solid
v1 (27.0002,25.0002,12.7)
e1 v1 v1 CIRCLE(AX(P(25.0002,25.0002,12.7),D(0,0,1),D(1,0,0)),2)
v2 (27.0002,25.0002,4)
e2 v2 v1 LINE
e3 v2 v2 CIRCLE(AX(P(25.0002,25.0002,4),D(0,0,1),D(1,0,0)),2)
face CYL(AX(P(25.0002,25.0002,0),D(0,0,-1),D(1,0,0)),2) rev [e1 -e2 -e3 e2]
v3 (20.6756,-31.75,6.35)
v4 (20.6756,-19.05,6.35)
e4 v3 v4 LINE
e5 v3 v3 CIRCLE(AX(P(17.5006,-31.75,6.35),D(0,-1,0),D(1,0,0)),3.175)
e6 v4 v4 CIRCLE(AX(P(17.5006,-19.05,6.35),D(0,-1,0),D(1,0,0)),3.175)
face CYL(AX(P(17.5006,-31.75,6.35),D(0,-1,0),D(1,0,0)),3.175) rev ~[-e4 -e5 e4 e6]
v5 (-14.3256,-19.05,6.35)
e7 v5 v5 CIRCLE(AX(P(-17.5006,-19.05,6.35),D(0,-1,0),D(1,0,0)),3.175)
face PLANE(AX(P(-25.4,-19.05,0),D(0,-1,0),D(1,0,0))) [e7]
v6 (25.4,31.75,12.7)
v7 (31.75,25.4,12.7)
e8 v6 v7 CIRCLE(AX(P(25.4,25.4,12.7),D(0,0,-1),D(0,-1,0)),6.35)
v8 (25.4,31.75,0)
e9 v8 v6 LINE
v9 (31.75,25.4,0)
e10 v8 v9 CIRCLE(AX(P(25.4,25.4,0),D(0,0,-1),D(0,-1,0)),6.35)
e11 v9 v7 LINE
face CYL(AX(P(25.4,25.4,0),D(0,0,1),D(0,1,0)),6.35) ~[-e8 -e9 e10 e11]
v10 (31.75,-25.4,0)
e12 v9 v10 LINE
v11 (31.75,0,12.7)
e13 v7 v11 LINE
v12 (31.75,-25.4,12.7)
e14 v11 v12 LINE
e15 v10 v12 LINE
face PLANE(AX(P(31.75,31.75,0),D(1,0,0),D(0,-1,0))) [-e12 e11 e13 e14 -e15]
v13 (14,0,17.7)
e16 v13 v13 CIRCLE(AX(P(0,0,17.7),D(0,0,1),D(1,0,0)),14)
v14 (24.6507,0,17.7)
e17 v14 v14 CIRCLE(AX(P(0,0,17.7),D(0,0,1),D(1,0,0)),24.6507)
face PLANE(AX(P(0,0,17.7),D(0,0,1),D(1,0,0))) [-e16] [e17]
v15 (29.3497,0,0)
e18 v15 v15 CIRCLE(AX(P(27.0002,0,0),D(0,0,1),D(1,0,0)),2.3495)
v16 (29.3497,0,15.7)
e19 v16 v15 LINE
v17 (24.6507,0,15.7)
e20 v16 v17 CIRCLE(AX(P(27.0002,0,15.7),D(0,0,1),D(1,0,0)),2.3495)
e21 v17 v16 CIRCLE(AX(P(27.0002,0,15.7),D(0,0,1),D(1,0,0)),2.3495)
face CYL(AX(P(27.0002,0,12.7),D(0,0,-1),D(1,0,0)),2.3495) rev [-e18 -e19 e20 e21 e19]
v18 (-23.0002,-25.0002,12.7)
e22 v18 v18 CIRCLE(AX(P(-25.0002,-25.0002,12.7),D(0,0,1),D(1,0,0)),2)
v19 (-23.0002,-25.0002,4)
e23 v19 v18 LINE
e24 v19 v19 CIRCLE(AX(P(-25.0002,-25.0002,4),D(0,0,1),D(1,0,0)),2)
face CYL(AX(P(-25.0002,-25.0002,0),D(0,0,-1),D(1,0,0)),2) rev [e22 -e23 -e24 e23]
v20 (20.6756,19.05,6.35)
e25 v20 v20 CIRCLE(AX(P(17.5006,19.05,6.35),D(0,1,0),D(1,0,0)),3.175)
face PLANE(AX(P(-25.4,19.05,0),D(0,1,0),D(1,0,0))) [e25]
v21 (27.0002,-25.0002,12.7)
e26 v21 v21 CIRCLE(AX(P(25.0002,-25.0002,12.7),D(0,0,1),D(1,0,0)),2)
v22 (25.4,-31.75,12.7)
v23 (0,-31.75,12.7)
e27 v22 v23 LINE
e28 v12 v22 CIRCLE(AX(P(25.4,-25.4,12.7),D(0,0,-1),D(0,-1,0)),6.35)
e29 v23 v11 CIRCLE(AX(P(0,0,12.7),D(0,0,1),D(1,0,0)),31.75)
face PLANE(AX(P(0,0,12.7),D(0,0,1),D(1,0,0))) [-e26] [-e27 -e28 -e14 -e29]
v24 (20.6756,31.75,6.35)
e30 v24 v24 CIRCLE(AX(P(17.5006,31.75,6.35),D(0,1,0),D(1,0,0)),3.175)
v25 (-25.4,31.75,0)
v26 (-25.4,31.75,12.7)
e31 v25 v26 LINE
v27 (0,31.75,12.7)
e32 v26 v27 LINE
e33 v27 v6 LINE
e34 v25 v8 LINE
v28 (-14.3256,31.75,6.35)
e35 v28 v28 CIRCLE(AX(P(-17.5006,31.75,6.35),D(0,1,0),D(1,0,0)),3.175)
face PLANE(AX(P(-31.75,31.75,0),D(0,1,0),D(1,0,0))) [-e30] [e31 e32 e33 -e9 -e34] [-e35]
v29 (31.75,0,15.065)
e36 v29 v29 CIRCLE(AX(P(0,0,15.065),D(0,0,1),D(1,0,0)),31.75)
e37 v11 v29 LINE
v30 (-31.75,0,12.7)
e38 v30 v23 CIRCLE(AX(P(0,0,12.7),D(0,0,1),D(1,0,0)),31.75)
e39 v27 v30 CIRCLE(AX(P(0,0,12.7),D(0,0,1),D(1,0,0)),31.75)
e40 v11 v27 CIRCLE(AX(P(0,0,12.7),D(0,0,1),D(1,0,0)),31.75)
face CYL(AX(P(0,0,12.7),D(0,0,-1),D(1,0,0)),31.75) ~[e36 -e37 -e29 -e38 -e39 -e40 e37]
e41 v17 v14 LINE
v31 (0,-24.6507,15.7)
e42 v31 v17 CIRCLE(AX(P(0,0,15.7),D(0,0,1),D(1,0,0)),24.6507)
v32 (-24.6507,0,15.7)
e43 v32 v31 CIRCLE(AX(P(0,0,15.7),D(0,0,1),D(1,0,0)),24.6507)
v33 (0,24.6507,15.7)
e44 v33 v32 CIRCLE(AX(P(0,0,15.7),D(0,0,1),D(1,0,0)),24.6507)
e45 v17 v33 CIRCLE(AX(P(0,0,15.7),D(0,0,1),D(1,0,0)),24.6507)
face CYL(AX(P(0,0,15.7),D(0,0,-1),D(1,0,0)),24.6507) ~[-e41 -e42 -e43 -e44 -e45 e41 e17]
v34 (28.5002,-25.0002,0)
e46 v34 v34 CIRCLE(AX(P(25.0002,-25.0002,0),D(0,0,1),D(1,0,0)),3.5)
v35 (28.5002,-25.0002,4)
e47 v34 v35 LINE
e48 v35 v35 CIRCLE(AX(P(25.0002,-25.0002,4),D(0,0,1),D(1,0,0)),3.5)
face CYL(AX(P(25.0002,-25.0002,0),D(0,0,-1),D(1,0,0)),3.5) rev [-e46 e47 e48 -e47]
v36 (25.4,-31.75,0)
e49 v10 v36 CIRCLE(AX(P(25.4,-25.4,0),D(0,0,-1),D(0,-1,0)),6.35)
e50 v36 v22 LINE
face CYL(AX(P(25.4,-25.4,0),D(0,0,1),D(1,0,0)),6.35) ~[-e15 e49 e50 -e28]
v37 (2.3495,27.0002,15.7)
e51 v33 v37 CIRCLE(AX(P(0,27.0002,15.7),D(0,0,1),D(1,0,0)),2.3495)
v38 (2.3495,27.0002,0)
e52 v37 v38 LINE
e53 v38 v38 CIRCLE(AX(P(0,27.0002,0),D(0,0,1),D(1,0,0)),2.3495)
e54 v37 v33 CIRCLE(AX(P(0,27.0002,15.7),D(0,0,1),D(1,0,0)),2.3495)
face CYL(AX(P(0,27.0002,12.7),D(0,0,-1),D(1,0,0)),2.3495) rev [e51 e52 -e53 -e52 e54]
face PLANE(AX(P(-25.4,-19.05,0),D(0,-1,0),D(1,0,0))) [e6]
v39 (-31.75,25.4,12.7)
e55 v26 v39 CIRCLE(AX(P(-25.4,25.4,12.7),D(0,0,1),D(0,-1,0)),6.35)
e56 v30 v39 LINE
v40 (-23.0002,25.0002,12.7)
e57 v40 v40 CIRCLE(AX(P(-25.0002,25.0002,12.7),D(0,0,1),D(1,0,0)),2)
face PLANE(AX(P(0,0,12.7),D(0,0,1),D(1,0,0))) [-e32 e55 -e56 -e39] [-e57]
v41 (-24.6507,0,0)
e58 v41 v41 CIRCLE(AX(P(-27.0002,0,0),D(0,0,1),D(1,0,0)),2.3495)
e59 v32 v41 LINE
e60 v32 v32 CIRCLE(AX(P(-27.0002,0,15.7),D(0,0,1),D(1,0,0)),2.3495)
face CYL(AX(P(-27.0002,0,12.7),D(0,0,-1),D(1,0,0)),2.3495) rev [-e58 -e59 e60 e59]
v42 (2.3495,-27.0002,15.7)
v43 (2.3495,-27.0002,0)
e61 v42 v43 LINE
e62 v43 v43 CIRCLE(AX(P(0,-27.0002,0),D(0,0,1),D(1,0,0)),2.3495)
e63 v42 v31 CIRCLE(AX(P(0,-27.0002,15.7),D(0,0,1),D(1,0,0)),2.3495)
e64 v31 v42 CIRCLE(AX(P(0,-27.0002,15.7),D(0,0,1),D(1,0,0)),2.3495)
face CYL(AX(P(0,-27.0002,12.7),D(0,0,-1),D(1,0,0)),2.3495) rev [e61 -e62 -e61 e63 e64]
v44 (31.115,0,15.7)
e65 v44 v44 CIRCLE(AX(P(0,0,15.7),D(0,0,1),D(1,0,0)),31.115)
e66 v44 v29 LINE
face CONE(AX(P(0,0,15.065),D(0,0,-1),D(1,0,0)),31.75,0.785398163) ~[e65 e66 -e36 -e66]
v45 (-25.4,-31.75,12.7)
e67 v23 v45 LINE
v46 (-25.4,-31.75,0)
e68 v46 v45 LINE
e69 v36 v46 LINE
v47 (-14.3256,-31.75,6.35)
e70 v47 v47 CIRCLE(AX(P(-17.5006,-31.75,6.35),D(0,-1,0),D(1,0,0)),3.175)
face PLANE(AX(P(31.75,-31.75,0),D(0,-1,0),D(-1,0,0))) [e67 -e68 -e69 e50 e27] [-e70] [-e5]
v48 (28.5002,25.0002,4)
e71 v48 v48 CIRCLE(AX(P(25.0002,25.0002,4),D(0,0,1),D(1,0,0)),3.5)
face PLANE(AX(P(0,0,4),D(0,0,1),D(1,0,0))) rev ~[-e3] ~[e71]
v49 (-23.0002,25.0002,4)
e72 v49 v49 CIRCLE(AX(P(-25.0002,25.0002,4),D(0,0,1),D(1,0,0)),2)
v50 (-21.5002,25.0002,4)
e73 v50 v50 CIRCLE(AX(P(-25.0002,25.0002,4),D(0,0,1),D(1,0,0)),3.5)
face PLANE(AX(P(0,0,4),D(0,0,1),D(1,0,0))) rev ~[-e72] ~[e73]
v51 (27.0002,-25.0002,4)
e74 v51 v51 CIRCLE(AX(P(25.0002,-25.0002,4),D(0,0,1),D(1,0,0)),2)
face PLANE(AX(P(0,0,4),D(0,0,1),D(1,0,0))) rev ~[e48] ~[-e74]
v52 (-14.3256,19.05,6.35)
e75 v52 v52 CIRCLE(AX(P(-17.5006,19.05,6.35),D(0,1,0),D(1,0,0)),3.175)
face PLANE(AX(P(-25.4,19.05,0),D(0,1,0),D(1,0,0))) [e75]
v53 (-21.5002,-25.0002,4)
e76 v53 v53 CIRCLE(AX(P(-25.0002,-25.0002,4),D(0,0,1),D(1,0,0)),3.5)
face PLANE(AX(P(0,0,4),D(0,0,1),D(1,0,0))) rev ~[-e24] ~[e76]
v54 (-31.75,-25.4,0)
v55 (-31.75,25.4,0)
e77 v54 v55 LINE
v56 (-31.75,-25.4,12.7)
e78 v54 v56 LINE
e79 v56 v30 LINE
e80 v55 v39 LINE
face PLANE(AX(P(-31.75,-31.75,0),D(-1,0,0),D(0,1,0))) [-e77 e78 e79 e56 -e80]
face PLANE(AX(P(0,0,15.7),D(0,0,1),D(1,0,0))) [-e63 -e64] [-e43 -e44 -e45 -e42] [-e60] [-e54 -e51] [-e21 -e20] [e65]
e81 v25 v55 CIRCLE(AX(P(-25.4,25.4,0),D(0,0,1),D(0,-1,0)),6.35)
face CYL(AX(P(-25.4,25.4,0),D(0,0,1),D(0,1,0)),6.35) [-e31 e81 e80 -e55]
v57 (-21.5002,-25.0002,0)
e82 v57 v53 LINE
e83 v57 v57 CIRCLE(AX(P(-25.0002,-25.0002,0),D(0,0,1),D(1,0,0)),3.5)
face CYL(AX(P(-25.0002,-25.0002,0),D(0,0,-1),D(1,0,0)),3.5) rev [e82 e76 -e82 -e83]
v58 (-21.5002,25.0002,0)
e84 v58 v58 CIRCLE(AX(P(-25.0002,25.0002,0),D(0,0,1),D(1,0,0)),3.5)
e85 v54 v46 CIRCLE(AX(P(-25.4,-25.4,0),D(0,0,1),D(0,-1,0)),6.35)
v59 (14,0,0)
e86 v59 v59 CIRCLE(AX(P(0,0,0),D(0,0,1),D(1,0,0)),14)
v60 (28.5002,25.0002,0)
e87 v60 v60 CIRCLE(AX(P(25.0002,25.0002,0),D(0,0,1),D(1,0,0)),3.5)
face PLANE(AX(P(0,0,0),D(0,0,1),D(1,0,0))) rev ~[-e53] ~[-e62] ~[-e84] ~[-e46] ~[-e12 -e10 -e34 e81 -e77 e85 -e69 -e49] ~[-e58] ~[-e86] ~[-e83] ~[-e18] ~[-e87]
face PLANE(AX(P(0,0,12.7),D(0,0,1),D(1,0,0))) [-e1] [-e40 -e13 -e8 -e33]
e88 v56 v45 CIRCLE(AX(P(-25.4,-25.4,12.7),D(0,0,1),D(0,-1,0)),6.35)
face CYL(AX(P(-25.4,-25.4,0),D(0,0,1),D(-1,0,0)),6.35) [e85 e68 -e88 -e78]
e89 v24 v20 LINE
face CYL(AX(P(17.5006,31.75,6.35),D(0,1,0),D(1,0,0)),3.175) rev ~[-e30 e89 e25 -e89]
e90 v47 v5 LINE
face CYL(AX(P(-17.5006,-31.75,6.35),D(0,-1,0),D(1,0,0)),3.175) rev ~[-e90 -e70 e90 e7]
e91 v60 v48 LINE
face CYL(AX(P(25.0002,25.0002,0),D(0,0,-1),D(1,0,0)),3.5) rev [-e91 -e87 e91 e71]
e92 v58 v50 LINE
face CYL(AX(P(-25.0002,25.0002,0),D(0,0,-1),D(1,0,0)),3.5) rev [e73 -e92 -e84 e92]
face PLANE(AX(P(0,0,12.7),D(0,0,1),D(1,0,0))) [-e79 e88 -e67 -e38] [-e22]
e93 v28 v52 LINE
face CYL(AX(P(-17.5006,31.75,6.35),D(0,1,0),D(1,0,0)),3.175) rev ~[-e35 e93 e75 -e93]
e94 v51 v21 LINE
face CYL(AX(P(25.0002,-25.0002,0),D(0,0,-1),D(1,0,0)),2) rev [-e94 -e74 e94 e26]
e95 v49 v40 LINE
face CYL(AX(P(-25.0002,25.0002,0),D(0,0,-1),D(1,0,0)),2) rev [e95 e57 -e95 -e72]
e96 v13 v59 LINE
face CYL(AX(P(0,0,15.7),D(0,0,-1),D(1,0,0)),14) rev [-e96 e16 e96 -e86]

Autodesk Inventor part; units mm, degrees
ref_plane "YZ Plane" through (0, 0, 0) normal (1, 0, 0) x (0, 1, 0)
ref_plane "XZ Plane" through (0, 0, 0) normal (0, 1, 0) x (-1, 0, 0)
ref_plane "XY Plane" through (0, 0, 0) normal (0, 0, 1) x (1, 0, 0)
sketch "Sketch1" plane through (0, 0, 0) normal (0, 0, 1) x (1, 0, 0)
  circle A0 centre (0, 0) radius 14
  line L0 (-31.75, 31.75) -> (31.75, 31.75)
  line L1 (31.75, 31.75) -> (31.75, -31.75)
  line L2 (31.75, -31.75) -> (-31.75, -31.75)
  line L3 (-31.75, -31.75) -> (-31.75, 31.75)
  circle A1 centre (0, 27.0002) radius 2.3495
  line L4 (-31.75, 0) -> (31.75, 0) construction
  line L5 (0, 31.75) -> (0, -31.75) construction
  circle A2 centre (-27.0002, 0) radius 2.3495
  circle A3 centre (27.0002, 0) radius 2.3495
  circle A4 centre (0, -27.0002) radius 2.3495
  circle A5 centre (-25.0002, 25.0002) radius 2
  line L6 (-27.0002, -27.0002) -> (27.0002, -27.0002) construction
  line L7 (27.0002, -27.0002) -> (27.0002, 27.0002) construction
  line L8 (27.0002, 27.0002) -> (-27.0002, 27.0002) construction
  line L9 (-27.0002, 27.0002) -> (-27.0002, -27.0002) construction
  circle A6 centre (-25.0002, 25.0002) radius 3.5
  circle A7 centre (25.0002, 25.0002) radius 2
  circle A8 centre (25.0002, 25.0002) radius 3.5
  circle A9 centre (-25.0002, -25.0002) radius 2
  circle A10 centre (-25.0002, -25.0002) radius 3.5
  circle A11 centre (25.0002, -25.0002) radius 2
  circle A12 centre (25.0002, -25.0002) radius 3.5
  dimension "d2" = 28
  dimension "d7" = 63.5
  dimension "d8" = 63.5
  dimension "d9" = 27.0002
  dimension "d10" = 4.699
  dimension "d11" = 27.0002
  dimension "d12" = 27.0002
  dimension "d13" = 27.0002
  dimension "d14" = 54.0004
  dimension "d17" = 4
  dimension "d18" = 7
extrude "Extrusion1" add sketch "Sketch1" along normal blind 12.7 contours L0 L1 L2 L3 | A6 | A8 | A10 | A12
extrude "Extrusion2" cut sketch "Sketch1" along normal blind 4 contours A6 | A8 | A10 | A12
fillet "Fillet1" radius 6.35 4 edges at (31.75, 31.75, 6.35) (-31.75, 31.75, 6.35) (31.75, -31.75, 6.35) (-31.75, -31.75, 6.35)
sketch "Sketch2" plane through (0, 0, 12.7) normal (0, 0, 1) x (1, 0, 0)
  circle A0 centre (0, 0) radius 14 projected
  circle A1 centre (0, -27.0002) radius 2.3495 projected
  circle A2 centre (27.0002, 0) radius 2.3495 projected
  circle A3 centre (-27.0002, 0) radius 2.3495 projected
  circle A4 centre (0, 27.0002) radius 2.3495 projected
  circle A5 centre (0, 0) radius 31.75
  dimension "d22" = 63.5
extrude "Extrusion3" add sketch "Sketch2" along normal blind 3
sketch "Sketch3" plane through (0, 0, 15.7) normal (0, 0, 1) x (1, 0, 0)
  circle A0 centre (0, 0) radius 14 projected
  circle A1 centre (27.0002, 0) radius 2.3495 projected
  circle A2 centre (0, 0) radius 31.75 projected
  circle A3 centre (0, 0) radius 24.6507
extrude "Extrusion4" add sketch "Sketch3" along normal blind 2 contours A3
thread "Thread1" size "10-32 UNF" class "2B" standard "ANSI Unified Screw Threads" full length
thread "Thread2" size "10-32 UNF" class "2B" standard "ANSI Unified Screw Threads" full length
thread "Thread3" size "10-32 UNF" class "2B" standard "ANSI Unified Screw Threads" full length
thread "Thread4" size "10-32 UNF" class "2B" standard "ANSI Unified Screw Threads" full length
chamfer "Chamfer1" distance 0.635 angle 45 1 edges at (-31.75, 0, 15.7)
sketch "Sketch4" plane through (-25.4, 31.75, 0) normal (0, 1, 0) x (1, 0, 0)
  line L0 (50.8, -12.7) -> (25.4, -12.7) projected
  line L1 (25.4, 0) -> (25.4, -12.7) construction
  line L2 (7.8994, -6.35) -> (42.9006, -6.35) construction
  circle A0 centre (7.8994, -6.35) radius 3.175
  circle A1 centre (42.9006, -6.35) radius 3.175
  point P0 (25.4, -6.35)
  dimension "d38" = 35.0012
  dimension "d40" = 6.35
extrude "Extrusion5" cut sketch "Sketch4" against normal blind 12.7
sketch "Sketch5" plane through (-25.4, -31.75, 0) normal (0, -1, 0) x (1, 0, 0)
  line L0 (0, 12.7) -> (25.4, 12.7) projected
  line L1 (25.4, 0) -> (25.4, 12.7) construction
  line L2 (7.8994, 6.35) -> (42.9006, 6.35) construction
  circle A0 centre (7.8994, 6.35) radius 3.175
  circle A1 centre (42.9006, 6.35) radius 3.175
  point P0 (25.4, 6.35)
  dimension "d43" = 35.0012
  dimension "d45" = 6.35
extrude "Extrusion6" cut sketch "Sketch5" against normal blind 12.7
thread "Thread5" size "1/4-20 UNC" class "2B" standard "ANSI Unified Screw Threads" full length
thread "Thread6" size "1/4-20 UNC" class "2B" standard "ANSI Unified Screw Threads" full length
thread "Thread7" size "1/4-20 UNC" class "2B" standard "ANSI Unified Screw Threads" full length
thread "Thread8" size "1/4-20 UNC" class "2B" standard "ANSI Unified Screw Threads" full length
equation "\"d11\" = d9"
equation "\"d12\" = d9"
equation "\"d13\" = d9"
properties part number "P80 Front Block" material "Steel"
